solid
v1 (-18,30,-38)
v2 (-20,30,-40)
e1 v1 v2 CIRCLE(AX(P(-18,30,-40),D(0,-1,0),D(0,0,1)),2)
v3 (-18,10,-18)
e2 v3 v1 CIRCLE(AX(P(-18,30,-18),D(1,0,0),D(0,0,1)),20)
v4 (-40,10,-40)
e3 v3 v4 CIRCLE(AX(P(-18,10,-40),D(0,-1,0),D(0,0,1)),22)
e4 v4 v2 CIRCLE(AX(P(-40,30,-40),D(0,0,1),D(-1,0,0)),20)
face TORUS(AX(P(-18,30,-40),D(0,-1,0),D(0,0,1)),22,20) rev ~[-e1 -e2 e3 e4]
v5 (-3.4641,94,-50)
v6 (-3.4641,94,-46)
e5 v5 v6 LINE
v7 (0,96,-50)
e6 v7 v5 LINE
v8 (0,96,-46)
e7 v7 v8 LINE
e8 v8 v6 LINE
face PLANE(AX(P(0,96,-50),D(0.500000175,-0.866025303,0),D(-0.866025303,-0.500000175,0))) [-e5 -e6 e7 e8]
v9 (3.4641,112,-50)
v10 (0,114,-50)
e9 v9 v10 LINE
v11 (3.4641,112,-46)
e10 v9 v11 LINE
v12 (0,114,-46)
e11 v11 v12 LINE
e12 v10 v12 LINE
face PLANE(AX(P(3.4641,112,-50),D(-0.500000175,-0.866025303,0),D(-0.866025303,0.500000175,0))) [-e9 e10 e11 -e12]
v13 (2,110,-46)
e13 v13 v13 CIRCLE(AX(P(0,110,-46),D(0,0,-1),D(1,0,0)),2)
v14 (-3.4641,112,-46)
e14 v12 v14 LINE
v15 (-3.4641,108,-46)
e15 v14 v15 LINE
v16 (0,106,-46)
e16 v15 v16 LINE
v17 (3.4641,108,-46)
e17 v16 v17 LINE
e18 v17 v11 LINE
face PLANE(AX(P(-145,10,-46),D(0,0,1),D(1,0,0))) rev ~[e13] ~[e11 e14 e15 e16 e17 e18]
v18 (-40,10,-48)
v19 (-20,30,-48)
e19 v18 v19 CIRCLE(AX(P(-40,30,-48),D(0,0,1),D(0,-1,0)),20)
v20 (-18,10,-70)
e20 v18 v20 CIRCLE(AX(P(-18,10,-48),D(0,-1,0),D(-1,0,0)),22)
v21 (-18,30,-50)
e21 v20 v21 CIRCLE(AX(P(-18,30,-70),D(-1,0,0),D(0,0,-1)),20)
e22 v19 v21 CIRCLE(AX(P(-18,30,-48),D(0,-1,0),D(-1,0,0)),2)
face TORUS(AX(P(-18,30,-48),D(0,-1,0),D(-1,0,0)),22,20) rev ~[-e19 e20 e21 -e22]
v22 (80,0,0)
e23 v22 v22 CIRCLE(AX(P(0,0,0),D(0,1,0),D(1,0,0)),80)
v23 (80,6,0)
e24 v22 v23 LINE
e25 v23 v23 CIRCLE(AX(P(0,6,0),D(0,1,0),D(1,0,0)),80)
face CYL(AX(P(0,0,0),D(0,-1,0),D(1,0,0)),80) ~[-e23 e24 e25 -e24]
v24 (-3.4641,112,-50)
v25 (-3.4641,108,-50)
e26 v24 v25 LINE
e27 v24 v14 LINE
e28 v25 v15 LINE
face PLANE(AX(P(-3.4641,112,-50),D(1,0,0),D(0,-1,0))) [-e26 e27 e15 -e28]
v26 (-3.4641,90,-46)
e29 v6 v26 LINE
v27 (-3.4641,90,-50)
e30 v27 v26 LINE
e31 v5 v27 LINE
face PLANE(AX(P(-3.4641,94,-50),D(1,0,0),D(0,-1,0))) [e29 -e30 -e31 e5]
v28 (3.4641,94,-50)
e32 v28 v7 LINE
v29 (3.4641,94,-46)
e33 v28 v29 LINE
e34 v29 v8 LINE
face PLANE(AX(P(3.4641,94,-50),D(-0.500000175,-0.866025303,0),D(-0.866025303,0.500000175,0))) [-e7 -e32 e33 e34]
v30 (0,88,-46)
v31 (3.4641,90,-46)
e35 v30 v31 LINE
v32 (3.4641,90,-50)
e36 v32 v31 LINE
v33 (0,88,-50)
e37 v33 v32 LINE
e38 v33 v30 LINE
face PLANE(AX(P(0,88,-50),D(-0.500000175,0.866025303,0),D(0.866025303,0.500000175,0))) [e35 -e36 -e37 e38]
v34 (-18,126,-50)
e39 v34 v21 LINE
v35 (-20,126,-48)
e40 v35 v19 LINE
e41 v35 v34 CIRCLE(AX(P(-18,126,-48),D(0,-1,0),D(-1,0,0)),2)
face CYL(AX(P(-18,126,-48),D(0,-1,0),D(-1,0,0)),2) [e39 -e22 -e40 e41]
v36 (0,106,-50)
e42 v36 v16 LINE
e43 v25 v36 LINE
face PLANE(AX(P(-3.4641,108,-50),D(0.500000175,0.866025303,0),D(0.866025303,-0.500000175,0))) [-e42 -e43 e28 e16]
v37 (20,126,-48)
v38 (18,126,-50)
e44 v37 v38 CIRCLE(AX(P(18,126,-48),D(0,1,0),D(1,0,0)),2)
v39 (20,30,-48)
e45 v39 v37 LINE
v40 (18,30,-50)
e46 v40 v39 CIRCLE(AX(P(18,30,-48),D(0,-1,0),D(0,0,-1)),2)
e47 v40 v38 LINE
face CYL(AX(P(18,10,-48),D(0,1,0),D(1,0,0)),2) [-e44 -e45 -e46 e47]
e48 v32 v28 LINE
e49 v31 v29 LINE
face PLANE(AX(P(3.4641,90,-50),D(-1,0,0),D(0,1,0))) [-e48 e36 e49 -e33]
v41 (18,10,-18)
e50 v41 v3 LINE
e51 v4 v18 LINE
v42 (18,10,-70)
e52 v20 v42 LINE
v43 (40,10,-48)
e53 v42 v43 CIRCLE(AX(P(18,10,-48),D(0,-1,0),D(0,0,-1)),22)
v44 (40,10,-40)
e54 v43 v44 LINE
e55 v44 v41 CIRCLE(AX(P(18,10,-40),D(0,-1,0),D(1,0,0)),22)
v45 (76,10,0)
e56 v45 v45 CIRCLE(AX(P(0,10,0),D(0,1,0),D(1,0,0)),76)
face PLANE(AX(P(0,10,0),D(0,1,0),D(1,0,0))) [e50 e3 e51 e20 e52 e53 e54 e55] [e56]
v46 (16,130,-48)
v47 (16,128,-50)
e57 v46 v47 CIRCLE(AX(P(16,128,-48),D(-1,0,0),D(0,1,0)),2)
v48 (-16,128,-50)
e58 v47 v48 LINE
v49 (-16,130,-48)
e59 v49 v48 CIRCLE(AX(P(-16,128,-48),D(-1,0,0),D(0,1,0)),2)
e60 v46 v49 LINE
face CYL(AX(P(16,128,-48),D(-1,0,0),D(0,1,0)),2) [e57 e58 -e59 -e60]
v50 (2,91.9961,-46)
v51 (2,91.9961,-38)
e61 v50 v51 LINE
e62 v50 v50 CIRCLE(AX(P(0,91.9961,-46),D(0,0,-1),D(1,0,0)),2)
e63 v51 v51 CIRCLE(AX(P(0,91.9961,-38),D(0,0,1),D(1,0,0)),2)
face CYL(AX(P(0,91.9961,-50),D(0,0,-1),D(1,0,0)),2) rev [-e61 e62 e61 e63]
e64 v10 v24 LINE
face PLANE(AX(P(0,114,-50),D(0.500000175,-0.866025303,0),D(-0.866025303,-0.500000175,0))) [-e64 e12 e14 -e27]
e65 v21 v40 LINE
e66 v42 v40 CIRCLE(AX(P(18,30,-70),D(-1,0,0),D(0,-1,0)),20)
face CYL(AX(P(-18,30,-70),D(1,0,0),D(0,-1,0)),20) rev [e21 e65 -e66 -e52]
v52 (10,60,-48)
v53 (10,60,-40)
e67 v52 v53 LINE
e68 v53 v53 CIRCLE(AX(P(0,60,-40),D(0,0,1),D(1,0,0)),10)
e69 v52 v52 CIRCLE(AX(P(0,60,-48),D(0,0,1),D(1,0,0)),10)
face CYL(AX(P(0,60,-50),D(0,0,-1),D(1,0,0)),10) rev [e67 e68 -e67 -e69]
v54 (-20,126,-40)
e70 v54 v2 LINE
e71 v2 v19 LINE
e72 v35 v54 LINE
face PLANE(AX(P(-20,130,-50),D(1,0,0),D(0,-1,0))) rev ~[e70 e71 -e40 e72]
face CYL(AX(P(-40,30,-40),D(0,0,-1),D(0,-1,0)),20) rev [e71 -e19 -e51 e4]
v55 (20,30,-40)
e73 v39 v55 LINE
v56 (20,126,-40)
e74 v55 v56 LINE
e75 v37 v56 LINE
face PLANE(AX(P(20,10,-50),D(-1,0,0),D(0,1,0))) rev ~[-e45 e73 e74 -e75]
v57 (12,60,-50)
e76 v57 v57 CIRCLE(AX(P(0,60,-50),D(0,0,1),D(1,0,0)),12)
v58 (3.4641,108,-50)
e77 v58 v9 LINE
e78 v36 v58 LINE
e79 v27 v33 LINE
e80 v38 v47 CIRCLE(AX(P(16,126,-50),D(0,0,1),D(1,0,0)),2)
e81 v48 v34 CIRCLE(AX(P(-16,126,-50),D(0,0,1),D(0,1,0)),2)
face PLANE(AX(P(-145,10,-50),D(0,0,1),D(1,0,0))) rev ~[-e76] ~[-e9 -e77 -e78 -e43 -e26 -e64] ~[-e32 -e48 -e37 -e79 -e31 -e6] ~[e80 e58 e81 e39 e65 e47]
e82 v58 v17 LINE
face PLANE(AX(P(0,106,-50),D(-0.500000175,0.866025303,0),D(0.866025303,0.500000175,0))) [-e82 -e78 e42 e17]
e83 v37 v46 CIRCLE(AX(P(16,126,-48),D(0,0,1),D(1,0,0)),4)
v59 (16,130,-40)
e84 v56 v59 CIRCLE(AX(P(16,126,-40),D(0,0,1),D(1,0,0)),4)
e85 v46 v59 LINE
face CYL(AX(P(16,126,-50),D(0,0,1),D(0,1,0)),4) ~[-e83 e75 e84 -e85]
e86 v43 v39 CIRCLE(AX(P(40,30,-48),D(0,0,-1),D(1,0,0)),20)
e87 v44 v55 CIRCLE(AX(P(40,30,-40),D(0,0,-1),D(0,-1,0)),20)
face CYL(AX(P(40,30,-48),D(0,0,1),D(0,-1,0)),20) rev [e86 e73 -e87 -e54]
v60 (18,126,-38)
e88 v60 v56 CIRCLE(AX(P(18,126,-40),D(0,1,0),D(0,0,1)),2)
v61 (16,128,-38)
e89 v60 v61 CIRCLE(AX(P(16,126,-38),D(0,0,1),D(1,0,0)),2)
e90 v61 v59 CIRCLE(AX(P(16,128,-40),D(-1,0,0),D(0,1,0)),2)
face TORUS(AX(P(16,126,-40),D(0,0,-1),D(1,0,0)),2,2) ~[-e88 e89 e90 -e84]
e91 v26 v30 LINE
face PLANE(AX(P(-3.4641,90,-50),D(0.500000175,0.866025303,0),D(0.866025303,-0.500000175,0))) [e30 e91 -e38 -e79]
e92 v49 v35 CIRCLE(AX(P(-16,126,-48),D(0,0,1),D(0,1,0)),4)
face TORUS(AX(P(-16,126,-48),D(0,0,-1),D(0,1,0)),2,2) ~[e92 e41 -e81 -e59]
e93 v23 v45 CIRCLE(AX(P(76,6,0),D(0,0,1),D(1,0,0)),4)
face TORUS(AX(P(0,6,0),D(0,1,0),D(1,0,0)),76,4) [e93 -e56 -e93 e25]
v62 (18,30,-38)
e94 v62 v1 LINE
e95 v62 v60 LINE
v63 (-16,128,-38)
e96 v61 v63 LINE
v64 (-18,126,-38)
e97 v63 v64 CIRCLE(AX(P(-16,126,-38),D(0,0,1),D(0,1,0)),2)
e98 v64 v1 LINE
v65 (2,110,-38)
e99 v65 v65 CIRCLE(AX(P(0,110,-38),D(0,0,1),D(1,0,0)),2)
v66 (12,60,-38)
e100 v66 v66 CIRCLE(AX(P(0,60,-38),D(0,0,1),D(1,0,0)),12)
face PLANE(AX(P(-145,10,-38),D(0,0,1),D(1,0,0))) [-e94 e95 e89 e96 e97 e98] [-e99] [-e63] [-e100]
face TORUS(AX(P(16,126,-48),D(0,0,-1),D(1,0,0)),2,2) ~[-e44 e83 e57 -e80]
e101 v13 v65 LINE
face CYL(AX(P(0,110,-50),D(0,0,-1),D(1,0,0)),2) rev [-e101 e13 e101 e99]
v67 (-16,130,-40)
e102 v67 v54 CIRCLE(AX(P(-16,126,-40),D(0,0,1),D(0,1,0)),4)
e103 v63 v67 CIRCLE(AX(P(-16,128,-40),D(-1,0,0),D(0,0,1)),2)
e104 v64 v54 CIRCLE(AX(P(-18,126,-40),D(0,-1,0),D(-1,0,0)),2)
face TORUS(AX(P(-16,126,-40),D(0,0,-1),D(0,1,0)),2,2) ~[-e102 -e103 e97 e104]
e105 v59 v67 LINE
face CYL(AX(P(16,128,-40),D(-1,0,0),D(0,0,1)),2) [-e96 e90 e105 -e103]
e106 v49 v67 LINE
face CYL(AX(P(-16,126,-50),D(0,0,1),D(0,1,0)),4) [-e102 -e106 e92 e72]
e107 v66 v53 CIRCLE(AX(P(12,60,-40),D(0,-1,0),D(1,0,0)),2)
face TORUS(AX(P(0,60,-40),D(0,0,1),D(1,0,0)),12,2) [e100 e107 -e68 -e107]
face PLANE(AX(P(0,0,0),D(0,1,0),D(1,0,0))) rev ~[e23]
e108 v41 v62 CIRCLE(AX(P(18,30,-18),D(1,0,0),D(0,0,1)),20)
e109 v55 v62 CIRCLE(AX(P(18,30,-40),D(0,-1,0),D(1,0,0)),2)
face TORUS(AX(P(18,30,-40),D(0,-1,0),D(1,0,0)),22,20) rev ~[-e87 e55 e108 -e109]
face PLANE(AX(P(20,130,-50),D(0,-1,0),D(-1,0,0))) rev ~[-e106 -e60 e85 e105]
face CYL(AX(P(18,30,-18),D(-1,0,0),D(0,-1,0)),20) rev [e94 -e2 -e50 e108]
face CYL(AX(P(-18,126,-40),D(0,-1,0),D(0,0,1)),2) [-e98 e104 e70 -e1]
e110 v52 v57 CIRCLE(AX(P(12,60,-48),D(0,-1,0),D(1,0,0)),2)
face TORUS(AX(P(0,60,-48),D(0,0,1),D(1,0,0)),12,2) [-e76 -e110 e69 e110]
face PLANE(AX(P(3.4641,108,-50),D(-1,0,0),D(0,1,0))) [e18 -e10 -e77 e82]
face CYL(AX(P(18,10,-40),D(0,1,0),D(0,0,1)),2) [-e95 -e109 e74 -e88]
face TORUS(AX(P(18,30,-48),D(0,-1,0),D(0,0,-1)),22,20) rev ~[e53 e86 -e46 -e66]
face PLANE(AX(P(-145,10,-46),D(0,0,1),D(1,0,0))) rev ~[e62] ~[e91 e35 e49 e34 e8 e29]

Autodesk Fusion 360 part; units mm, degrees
sketch "Sketch1" plane through (0, 0, 0) normal (0, 1, 0) x (1, 0, 0)
  circle A0 centre (0, 0) radius 80
  dimension "d1" = 160
extrude "Extrude1" add sketch "Sketch1" along normal blind 10 makes body 1
fillet "Fillet1" radius 4 1 edges at (-74.5862, 10, 28.9292) on bodies 1
sketch "Sketch2" plane through (0, 0, 0) normal (0, 1, 0) x (1, 0, 0)
  line L0 (125, 0) -> (165, 0)
  line L1 (165, 0) -> (165, 120)
  line L2 (165, 120) -> (125, 120)
  line L3 (125, 120) -> (125, 0)
  circle A0 centre (145, 100) radius 2
  circle A1 centre (145, 81.9961) radius 2
  circle A2 centre (145, 50) radius 10
  point P0 (145, 100)
  dimension "d5" = 120
  dimension "d6" = 40
  dimension "d7" = 4
  dimension "d8" = 4
  dimension "d9" = 20
extrude "Extrude2" add sketch "Sketch2" along normal blind 12 separate body makes body 2
sketch "Sketch3" plane through (0, 0, 0) normal (0, 1, 0) x (1, 0, 0)
  line L0 (145, 104) -> (141.5359, 102)
  line L1 (141.5359, 102) -> (141.5359, 98)
  line L2 (141.5359, 98) -> (145, 96)
  line L3 (145, 96) -> (148.4641, 98)
  line L4 (148.4641, 98) -> (148.4641, 102)
  line L5 (148.4641, 102) -> (145, 104)
  line L6 (145, 86) -> (141.5359, 84)
  line L7 (141.5359, 84) -> (141.5359, 80)
  line L8 (141.5359, 80) -> (145, 78)
  line L9 (145, 78) -> (148.4641, 80)
  line L10 (148.4641, 80) -> (148.4641, 84)
  line L11 (148.4641, 84) -> (145, 86)
  point P0 (145, 100)
  point P1 (145, 82)
extrude "Extrude3" cut sketch "Sketch3" along normal blind 4 contours L6 L7 L8 L9 L10 L11 bodies 2
sketch "Sketch4" plane through (0, 0, 0) normal (0, 1, 0) x (1, 0, 0)
  line L0 (145, 104) -> (141.5359, 102)
  line L1 (141.5359, 102) -> (141.5359, 98)
  line L2 (141.5359, 98) -> (145, 96)
  line L3 (145, 96) -> (148.4641, 98)
  line L4 (148.4641, 98) -> (148.4641, 102)
  line L5 (148.4641, 102) -> (145, 104)
  point P0 (145, 100)
extrude "Extrude4" cut sketch "Sketch4" along normal blind 4 bodies 2
fillet "Fillet2" radius 4 1 edges at (165, 6, -120) on bodies 2
fillet "Fillet3" radius 4 1 edges at (125, 6, -120) on bodies 2
fillet "Fillet4" radius 2 1 edges at (135.6767, 12, -53.6162) on bodies 2
fillet "Fillet5" radius 2 1 edges at (135.6767, 0, -53.6162) on bodies 2
move_body "Move1" bodies 2 to x (1, 0, 0) y (0, 0, 1) z (0, -1, 0) at (0, 0, 0)
move_body "Move2" bodies 2 to x (1, 0, 0) y (0, 1, 0) z (0, 0, 1) at (0, 10, 0)
move_body "Move3" bodies 2 to x (1, 0, 0) y (0, 1, 0) z (0, 0, 1) at (-145, 0, 0)
move_body "Move4" bodies 2 to x (1, 0, 0) y (0, 1, 0) z (0, 0, 1) at (0, 0, -50)
combine "Combine1" operation add target body 1 tool bodies 2
fillet "Fillet6" radius 2 5 edges at (20, 68, -50) (18.8284, 128.8284, -50) (0, 130, -50) (-18.8284, 128.8284, -50) (-20, 68, -50) on bodies 1
fillet "Fillet7" radius 2 5 edges at (20, 68, -38) (18.8284, 128.8284, -38) (0, 130, -38) (-18.8284, 128.8284, -38) (-20, 68, -38) on bodies 1
fillet "Fillet8" radius 20 8 edges at (-19.4142, 10, -38.5858) (-20, 10, -44) (-19.4142, 10, -49.4142) (0, 10, -50) (19.4142, 10, -49.4142) (20, 10, -44) (19.4142, 10, -38.5858) (0, 10, -38) on bodies 1
